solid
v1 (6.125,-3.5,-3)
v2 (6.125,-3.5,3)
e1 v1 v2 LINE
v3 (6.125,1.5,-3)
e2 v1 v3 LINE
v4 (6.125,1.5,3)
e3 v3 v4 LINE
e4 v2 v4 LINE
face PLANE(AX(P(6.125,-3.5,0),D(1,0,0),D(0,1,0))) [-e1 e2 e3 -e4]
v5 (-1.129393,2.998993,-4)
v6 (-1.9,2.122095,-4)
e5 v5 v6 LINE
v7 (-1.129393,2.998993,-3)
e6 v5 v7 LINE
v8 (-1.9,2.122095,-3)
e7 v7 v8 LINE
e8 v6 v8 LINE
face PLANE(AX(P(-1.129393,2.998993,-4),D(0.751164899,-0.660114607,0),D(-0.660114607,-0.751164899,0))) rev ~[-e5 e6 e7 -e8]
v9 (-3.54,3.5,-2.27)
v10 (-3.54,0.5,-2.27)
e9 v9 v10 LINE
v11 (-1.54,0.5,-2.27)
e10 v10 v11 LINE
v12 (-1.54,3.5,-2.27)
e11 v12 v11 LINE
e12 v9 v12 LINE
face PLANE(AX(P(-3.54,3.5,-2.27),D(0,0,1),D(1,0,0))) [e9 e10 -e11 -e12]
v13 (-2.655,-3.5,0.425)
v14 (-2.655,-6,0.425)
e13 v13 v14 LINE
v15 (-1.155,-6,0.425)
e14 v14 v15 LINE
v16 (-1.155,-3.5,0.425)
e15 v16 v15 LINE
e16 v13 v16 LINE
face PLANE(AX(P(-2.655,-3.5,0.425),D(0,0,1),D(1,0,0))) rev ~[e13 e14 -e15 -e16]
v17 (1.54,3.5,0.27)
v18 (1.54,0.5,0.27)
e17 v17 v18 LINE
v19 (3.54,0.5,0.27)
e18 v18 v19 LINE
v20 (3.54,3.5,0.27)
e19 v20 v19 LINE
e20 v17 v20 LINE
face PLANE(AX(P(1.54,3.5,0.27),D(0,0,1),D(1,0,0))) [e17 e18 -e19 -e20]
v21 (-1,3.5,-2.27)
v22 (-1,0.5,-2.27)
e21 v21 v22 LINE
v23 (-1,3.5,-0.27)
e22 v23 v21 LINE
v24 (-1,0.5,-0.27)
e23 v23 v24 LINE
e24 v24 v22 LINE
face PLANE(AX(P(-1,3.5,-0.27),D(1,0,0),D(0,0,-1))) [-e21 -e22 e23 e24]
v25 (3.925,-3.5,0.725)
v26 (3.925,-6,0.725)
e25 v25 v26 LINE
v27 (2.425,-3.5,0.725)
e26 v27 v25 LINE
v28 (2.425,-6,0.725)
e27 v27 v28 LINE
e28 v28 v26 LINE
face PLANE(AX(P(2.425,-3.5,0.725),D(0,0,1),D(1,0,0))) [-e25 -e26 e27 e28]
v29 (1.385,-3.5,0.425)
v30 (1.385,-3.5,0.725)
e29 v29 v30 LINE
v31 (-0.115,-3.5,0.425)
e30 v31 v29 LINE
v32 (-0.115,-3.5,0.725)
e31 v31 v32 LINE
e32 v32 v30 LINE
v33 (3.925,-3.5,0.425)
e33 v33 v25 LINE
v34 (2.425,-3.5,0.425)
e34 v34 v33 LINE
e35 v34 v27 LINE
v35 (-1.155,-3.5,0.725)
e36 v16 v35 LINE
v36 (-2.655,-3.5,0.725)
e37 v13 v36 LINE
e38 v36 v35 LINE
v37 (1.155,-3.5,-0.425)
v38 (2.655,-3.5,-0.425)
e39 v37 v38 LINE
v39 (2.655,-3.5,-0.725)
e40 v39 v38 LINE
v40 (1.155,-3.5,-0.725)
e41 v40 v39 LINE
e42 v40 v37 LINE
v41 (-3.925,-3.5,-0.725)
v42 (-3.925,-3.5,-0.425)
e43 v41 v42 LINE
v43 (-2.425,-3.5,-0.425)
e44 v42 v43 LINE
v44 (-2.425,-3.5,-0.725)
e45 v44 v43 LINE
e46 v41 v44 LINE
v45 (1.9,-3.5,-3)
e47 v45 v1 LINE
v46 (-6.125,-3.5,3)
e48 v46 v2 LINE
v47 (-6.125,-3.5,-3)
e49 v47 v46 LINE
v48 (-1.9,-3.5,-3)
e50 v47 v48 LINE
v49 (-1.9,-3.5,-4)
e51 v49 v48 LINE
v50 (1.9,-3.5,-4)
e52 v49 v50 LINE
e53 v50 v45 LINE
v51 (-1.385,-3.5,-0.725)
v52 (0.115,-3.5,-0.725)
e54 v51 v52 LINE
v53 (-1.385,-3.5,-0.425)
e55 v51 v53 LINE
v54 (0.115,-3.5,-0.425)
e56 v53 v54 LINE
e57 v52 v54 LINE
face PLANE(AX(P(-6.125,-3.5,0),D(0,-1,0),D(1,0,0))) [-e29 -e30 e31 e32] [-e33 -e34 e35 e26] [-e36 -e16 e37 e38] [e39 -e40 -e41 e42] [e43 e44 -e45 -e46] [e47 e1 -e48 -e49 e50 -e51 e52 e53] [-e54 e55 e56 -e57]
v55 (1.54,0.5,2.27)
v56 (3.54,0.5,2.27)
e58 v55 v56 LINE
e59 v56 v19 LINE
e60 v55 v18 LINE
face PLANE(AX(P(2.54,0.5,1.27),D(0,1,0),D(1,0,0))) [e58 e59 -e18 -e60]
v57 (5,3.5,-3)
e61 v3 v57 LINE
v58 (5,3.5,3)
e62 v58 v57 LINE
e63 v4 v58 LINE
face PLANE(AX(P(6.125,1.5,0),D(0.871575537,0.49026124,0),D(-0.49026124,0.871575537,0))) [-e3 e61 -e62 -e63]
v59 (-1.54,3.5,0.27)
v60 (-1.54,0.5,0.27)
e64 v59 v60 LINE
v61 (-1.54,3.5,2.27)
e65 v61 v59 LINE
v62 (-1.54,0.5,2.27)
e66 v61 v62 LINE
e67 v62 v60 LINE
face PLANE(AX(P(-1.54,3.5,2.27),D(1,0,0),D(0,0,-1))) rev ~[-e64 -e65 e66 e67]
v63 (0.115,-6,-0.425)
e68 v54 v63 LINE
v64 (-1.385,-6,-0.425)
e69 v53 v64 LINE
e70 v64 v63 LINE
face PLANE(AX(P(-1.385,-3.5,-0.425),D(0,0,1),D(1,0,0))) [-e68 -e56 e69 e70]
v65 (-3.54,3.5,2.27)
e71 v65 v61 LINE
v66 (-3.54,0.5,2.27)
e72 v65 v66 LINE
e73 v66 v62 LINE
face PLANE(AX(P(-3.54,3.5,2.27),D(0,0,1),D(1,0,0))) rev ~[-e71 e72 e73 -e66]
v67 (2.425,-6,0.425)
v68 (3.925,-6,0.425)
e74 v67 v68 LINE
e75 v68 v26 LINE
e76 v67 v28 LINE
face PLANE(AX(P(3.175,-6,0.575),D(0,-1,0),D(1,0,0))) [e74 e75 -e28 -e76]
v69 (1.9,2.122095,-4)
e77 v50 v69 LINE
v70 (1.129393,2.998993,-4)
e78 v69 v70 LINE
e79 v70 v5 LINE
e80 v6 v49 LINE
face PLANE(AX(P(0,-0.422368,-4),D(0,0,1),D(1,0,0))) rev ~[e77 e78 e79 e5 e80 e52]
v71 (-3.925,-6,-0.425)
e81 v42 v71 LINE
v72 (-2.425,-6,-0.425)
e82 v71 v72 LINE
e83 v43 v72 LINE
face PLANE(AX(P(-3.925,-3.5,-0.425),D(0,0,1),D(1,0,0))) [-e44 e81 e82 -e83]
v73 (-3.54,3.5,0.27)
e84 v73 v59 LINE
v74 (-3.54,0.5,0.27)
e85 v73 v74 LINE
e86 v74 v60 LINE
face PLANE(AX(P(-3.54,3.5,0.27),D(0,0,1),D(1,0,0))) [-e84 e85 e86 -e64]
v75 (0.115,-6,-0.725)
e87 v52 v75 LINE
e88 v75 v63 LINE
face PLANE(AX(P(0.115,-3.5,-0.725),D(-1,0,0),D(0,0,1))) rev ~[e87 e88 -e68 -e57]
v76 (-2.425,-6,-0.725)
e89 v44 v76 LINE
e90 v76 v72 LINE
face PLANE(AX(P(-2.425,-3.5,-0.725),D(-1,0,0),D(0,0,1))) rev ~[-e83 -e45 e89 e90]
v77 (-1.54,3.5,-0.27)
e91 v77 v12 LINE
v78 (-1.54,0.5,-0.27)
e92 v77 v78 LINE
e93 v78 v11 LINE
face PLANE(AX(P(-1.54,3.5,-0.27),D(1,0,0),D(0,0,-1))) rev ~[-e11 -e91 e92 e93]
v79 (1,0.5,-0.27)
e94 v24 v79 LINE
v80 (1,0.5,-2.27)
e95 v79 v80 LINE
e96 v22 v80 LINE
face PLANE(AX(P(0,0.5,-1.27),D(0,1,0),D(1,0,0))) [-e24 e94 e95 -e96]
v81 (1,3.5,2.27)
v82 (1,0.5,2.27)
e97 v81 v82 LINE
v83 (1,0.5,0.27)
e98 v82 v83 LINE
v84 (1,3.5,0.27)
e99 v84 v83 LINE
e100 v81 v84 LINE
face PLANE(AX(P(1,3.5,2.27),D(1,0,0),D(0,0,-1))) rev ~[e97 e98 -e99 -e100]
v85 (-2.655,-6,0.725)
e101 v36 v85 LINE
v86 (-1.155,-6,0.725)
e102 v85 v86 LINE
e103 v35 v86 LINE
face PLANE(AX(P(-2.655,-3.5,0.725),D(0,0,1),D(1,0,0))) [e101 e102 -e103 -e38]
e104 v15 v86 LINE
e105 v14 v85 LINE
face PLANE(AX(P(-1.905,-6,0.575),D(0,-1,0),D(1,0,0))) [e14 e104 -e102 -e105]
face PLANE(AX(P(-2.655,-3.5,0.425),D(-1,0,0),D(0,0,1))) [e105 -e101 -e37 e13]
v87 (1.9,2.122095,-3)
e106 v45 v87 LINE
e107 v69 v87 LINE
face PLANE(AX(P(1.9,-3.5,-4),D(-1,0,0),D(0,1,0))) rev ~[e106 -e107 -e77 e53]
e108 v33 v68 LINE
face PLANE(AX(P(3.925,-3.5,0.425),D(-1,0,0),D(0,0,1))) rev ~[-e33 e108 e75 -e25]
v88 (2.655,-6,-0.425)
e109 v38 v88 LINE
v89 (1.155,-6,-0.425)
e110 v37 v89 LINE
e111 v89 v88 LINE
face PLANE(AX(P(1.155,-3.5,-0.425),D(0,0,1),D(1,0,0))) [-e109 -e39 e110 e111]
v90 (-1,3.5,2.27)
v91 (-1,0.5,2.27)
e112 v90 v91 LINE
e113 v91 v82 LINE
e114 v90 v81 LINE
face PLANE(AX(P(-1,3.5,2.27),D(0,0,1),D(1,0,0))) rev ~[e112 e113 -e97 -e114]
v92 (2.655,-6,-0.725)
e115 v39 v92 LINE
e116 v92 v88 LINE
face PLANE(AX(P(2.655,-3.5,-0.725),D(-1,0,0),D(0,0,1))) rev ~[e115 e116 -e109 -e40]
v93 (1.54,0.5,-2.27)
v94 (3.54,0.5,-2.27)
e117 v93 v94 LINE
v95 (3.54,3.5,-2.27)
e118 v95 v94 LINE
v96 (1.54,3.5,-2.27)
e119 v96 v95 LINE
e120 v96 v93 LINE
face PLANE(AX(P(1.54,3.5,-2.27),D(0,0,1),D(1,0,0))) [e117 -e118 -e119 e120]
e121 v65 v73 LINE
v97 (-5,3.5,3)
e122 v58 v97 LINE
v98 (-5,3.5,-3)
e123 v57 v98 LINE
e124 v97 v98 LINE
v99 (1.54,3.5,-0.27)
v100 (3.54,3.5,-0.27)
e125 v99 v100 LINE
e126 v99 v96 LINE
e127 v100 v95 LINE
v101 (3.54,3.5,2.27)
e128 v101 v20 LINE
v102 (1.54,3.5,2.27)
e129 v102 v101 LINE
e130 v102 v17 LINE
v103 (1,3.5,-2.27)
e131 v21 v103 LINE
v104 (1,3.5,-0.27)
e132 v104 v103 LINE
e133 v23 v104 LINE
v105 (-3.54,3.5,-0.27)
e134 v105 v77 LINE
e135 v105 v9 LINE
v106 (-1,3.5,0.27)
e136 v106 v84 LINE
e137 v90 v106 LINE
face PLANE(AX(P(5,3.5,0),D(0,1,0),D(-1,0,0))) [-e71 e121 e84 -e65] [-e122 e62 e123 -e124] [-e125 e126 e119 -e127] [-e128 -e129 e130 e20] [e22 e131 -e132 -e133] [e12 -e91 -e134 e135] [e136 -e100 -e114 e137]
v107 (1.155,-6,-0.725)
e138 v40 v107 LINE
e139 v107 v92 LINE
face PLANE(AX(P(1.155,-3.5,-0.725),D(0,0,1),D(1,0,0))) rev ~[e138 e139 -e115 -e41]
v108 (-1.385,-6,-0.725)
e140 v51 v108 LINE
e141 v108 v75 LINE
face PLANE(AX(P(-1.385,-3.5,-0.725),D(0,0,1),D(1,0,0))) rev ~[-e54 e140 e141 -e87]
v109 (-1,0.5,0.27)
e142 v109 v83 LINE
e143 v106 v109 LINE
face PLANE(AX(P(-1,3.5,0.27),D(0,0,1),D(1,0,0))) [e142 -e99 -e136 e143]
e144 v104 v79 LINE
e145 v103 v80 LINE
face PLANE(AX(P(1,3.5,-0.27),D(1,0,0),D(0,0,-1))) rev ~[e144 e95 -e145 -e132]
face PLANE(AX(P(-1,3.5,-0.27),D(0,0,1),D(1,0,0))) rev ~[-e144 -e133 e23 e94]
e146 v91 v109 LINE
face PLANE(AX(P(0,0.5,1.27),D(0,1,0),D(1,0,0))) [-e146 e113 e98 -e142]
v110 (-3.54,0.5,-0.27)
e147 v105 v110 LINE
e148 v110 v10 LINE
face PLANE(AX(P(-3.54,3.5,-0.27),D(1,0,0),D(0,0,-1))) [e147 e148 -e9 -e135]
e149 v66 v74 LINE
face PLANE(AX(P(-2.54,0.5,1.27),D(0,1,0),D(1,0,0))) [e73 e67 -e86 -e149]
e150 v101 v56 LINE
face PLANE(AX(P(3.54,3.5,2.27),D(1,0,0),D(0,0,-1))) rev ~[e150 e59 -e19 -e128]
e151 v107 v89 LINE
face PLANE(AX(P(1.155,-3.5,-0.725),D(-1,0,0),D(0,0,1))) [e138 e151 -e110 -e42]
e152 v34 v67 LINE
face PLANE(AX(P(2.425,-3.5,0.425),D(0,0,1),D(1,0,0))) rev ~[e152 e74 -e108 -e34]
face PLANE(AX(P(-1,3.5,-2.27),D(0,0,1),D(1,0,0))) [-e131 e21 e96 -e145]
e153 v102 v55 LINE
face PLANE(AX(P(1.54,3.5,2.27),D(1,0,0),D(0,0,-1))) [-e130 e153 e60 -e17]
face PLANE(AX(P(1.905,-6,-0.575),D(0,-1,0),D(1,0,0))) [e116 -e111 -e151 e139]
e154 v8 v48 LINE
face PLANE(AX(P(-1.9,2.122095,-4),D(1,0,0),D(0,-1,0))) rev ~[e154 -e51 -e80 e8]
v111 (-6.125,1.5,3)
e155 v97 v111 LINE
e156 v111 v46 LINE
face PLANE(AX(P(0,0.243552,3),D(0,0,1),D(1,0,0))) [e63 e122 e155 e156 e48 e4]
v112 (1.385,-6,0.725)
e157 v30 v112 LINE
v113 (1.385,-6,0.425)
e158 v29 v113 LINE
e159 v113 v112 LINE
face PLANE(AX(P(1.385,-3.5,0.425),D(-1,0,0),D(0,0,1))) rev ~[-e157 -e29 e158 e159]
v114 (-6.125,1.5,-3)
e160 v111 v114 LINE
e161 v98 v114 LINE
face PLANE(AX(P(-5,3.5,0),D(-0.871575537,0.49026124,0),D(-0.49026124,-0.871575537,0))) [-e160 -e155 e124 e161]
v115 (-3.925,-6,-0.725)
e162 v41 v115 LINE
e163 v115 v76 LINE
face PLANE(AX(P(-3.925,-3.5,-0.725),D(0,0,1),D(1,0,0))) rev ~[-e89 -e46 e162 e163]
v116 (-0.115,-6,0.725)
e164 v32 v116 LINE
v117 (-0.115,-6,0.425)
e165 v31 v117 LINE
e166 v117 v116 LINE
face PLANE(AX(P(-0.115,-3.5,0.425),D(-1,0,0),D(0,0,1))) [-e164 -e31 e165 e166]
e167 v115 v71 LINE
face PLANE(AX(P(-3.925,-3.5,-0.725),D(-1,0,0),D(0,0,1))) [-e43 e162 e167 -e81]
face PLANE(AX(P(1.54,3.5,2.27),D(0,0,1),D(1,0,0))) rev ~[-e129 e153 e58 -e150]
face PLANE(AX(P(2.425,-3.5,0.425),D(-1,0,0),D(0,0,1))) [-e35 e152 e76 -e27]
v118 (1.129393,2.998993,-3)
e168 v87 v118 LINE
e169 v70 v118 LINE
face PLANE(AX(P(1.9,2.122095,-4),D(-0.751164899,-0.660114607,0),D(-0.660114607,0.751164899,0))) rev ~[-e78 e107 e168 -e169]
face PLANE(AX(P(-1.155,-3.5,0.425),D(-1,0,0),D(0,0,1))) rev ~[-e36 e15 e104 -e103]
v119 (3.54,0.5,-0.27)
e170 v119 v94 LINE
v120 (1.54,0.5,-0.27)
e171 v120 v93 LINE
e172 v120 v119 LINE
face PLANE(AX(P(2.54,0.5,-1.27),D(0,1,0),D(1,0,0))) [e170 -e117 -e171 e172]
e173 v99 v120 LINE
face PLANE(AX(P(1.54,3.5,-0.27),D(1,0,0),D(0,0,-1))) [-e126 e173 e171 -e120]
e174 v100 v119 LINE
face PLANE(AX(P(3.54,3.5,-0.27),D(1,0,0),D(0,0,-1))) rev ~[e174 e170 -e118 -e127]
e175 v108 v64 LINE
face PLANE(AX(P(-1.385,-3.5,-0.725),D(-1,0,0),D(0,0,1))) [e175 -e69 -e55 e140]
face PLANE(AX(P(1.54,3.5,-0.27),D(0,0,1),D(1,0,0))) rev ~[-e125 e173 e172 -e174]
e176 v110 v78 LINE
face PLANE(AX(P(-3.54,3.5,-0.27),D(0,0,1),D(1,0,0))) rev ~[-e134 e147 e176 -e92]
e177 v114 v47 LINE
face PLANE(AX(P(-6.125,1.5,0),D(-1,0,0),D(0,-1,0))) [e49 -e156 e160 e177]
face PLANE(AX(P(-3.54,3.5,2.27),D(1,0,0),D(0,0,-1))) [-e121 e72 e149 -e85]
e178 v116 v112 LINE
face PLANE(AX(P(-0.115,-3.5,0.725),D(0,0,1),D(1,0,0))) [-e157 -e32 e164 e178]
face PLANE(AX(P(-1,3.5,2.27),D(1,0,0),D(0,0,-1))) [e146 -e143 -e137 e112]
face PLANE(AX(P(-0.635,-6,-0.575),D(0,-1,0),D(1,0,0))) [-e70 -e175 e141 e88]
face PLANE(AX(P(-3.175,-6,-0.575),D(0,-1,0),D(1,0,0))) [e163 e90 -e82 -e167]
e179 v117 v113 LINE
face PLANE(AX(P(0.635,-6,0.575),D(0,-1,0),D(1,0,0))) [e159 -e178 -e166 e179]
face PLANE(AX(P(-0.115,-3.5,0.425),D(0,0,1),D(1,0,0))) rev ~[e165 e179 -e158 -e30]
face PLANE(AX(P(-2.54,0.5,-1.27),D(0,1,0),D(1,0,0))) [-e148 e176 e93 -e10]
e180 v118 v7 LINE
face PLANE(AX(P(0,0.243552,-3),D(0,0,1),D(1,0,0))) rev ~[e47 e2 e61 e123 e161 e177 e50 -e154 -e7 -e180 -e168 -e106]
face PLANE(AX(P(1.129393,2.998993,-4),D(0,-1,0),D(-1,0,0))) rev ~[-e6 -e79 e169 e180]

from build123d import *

# Parameters (mm, degrees)
EXTRUDE_1_DEPTH     = 3
EXTRUDE_START       = -4
EXTRUDE_2_DEPTH     = 1
SKETCH_2_W          = 2
SKETCH_2_H          = 2
CUT_EXTRUDE_1_DEPTH = 3
SKETCH_3_W          = 1.5
SKETCH_3_H          = 0.3
EXTRUDE_3_DEPTH     = 2.5


with BuildPart() as part:
    # Эскиз1 → Бобышка-Вытянуть1 (new, symmetric)
    with BuildSketch(Plane.XY):
        Polygon((-6.125, 1.5), (-6.125, -3.5), (-1.9, -3.5), (-1.9, 2.122094745), (-1.129392625, 2.998992793), (1.129392625, 2.998992793), (1.9, 2.122094745), (1.9, -3.5), (6.125, -3.5), (6.125, 1.5), (5, 3.5), (-5, 3.5), align=None)
        Polygon((-1.9, 2.122094745), (-1.9, -3.5), (1.9, -3.5), (1.9, 2.122094745), (1.129392625, 2.998992793), (-1.129392625, 2.998992793), align=None)
    extrude(amount=EXTRUDE_1_DEPTH, both=True)

    # Эскиз1<3> → Бобышка-Вытянуть2 (add)
    with BuildSketch(Plane.XY.offset(EXTRUDE_START)):
        Polygon((-1.9, 2.122094745), (-1.9, -3.5), (1.9, -3.5), (1.9, 2.122094745), (1.129392625, 2.998992793), (-1.129392625, 2.998992793), align=None)
    extrude(amount=EXTRUDE_2_DEPTH)

    # Эскиз2 → Вырез-Вытянуть1 (cut)
    with BuildSketch(Plane(origin=(0, 3.5, 0), x_dir=(1, 0, 0), z_dir=(0, 1, 0))):
        with Locations((0, 1.27)):
            Rectangle(SKETCH_2_W, SKETCH_2_H)
        with Locations((0, -1.27)):
            Rectangle(SKETCH_2_W, SKETCH_2_H)
        with Locations((2.54, 1.27)):
            Rectangle(SKETCH_2_W, SKETCH_2_H)
        with Locations((2.54, -1.27)):
            Rectangle(SKETCH_2_W, SKETCH_2_H)
        with Locations((-2.54, 1.27)):
            Rectangle(SKETCH_2_W, SKETCH_2_H)
        with Locations((-2.54, -1.27)):
            Rectangle(SKETCH_2_W, SKETCH_2_H)
    extrude(amount=-CUT_EXTRUDE_1_DEPTH, mode=Mode.SUBTRACT)

    # Эскиз3 → Бобышка-Вытянуть3 (add)
    with BuildSketch(Plane.XZ.offset(3.5)):
        with Locations((-3.175, -0.575)):
            Rectangle(SKETCH_3_W, SKETCH_3_H)
        with Locations((-1.905, 0.575)):
            Rectangle(SKETCH_3_W, SKETCH_3_H)
        with Locations((-0.635, -0.575)):
            Rectangle(SKETCH_3_W, SKETCH_3_H)
        with Locations((0.635, 0.575)):
            Rectangle(SKETCH_3_W, SKETCH_3_H)
        with Locations((1.905, -0.575)):
            Rectangle(SKETCH_3_W, SKETCH_3_H)
        with Locations((3.175, 0.575)):
            Rectangle(SKETCH_3_W, SKETCH_3_H)
    extrude(amount=EXTRUDE_3_DEPTH)


solid = part.part
